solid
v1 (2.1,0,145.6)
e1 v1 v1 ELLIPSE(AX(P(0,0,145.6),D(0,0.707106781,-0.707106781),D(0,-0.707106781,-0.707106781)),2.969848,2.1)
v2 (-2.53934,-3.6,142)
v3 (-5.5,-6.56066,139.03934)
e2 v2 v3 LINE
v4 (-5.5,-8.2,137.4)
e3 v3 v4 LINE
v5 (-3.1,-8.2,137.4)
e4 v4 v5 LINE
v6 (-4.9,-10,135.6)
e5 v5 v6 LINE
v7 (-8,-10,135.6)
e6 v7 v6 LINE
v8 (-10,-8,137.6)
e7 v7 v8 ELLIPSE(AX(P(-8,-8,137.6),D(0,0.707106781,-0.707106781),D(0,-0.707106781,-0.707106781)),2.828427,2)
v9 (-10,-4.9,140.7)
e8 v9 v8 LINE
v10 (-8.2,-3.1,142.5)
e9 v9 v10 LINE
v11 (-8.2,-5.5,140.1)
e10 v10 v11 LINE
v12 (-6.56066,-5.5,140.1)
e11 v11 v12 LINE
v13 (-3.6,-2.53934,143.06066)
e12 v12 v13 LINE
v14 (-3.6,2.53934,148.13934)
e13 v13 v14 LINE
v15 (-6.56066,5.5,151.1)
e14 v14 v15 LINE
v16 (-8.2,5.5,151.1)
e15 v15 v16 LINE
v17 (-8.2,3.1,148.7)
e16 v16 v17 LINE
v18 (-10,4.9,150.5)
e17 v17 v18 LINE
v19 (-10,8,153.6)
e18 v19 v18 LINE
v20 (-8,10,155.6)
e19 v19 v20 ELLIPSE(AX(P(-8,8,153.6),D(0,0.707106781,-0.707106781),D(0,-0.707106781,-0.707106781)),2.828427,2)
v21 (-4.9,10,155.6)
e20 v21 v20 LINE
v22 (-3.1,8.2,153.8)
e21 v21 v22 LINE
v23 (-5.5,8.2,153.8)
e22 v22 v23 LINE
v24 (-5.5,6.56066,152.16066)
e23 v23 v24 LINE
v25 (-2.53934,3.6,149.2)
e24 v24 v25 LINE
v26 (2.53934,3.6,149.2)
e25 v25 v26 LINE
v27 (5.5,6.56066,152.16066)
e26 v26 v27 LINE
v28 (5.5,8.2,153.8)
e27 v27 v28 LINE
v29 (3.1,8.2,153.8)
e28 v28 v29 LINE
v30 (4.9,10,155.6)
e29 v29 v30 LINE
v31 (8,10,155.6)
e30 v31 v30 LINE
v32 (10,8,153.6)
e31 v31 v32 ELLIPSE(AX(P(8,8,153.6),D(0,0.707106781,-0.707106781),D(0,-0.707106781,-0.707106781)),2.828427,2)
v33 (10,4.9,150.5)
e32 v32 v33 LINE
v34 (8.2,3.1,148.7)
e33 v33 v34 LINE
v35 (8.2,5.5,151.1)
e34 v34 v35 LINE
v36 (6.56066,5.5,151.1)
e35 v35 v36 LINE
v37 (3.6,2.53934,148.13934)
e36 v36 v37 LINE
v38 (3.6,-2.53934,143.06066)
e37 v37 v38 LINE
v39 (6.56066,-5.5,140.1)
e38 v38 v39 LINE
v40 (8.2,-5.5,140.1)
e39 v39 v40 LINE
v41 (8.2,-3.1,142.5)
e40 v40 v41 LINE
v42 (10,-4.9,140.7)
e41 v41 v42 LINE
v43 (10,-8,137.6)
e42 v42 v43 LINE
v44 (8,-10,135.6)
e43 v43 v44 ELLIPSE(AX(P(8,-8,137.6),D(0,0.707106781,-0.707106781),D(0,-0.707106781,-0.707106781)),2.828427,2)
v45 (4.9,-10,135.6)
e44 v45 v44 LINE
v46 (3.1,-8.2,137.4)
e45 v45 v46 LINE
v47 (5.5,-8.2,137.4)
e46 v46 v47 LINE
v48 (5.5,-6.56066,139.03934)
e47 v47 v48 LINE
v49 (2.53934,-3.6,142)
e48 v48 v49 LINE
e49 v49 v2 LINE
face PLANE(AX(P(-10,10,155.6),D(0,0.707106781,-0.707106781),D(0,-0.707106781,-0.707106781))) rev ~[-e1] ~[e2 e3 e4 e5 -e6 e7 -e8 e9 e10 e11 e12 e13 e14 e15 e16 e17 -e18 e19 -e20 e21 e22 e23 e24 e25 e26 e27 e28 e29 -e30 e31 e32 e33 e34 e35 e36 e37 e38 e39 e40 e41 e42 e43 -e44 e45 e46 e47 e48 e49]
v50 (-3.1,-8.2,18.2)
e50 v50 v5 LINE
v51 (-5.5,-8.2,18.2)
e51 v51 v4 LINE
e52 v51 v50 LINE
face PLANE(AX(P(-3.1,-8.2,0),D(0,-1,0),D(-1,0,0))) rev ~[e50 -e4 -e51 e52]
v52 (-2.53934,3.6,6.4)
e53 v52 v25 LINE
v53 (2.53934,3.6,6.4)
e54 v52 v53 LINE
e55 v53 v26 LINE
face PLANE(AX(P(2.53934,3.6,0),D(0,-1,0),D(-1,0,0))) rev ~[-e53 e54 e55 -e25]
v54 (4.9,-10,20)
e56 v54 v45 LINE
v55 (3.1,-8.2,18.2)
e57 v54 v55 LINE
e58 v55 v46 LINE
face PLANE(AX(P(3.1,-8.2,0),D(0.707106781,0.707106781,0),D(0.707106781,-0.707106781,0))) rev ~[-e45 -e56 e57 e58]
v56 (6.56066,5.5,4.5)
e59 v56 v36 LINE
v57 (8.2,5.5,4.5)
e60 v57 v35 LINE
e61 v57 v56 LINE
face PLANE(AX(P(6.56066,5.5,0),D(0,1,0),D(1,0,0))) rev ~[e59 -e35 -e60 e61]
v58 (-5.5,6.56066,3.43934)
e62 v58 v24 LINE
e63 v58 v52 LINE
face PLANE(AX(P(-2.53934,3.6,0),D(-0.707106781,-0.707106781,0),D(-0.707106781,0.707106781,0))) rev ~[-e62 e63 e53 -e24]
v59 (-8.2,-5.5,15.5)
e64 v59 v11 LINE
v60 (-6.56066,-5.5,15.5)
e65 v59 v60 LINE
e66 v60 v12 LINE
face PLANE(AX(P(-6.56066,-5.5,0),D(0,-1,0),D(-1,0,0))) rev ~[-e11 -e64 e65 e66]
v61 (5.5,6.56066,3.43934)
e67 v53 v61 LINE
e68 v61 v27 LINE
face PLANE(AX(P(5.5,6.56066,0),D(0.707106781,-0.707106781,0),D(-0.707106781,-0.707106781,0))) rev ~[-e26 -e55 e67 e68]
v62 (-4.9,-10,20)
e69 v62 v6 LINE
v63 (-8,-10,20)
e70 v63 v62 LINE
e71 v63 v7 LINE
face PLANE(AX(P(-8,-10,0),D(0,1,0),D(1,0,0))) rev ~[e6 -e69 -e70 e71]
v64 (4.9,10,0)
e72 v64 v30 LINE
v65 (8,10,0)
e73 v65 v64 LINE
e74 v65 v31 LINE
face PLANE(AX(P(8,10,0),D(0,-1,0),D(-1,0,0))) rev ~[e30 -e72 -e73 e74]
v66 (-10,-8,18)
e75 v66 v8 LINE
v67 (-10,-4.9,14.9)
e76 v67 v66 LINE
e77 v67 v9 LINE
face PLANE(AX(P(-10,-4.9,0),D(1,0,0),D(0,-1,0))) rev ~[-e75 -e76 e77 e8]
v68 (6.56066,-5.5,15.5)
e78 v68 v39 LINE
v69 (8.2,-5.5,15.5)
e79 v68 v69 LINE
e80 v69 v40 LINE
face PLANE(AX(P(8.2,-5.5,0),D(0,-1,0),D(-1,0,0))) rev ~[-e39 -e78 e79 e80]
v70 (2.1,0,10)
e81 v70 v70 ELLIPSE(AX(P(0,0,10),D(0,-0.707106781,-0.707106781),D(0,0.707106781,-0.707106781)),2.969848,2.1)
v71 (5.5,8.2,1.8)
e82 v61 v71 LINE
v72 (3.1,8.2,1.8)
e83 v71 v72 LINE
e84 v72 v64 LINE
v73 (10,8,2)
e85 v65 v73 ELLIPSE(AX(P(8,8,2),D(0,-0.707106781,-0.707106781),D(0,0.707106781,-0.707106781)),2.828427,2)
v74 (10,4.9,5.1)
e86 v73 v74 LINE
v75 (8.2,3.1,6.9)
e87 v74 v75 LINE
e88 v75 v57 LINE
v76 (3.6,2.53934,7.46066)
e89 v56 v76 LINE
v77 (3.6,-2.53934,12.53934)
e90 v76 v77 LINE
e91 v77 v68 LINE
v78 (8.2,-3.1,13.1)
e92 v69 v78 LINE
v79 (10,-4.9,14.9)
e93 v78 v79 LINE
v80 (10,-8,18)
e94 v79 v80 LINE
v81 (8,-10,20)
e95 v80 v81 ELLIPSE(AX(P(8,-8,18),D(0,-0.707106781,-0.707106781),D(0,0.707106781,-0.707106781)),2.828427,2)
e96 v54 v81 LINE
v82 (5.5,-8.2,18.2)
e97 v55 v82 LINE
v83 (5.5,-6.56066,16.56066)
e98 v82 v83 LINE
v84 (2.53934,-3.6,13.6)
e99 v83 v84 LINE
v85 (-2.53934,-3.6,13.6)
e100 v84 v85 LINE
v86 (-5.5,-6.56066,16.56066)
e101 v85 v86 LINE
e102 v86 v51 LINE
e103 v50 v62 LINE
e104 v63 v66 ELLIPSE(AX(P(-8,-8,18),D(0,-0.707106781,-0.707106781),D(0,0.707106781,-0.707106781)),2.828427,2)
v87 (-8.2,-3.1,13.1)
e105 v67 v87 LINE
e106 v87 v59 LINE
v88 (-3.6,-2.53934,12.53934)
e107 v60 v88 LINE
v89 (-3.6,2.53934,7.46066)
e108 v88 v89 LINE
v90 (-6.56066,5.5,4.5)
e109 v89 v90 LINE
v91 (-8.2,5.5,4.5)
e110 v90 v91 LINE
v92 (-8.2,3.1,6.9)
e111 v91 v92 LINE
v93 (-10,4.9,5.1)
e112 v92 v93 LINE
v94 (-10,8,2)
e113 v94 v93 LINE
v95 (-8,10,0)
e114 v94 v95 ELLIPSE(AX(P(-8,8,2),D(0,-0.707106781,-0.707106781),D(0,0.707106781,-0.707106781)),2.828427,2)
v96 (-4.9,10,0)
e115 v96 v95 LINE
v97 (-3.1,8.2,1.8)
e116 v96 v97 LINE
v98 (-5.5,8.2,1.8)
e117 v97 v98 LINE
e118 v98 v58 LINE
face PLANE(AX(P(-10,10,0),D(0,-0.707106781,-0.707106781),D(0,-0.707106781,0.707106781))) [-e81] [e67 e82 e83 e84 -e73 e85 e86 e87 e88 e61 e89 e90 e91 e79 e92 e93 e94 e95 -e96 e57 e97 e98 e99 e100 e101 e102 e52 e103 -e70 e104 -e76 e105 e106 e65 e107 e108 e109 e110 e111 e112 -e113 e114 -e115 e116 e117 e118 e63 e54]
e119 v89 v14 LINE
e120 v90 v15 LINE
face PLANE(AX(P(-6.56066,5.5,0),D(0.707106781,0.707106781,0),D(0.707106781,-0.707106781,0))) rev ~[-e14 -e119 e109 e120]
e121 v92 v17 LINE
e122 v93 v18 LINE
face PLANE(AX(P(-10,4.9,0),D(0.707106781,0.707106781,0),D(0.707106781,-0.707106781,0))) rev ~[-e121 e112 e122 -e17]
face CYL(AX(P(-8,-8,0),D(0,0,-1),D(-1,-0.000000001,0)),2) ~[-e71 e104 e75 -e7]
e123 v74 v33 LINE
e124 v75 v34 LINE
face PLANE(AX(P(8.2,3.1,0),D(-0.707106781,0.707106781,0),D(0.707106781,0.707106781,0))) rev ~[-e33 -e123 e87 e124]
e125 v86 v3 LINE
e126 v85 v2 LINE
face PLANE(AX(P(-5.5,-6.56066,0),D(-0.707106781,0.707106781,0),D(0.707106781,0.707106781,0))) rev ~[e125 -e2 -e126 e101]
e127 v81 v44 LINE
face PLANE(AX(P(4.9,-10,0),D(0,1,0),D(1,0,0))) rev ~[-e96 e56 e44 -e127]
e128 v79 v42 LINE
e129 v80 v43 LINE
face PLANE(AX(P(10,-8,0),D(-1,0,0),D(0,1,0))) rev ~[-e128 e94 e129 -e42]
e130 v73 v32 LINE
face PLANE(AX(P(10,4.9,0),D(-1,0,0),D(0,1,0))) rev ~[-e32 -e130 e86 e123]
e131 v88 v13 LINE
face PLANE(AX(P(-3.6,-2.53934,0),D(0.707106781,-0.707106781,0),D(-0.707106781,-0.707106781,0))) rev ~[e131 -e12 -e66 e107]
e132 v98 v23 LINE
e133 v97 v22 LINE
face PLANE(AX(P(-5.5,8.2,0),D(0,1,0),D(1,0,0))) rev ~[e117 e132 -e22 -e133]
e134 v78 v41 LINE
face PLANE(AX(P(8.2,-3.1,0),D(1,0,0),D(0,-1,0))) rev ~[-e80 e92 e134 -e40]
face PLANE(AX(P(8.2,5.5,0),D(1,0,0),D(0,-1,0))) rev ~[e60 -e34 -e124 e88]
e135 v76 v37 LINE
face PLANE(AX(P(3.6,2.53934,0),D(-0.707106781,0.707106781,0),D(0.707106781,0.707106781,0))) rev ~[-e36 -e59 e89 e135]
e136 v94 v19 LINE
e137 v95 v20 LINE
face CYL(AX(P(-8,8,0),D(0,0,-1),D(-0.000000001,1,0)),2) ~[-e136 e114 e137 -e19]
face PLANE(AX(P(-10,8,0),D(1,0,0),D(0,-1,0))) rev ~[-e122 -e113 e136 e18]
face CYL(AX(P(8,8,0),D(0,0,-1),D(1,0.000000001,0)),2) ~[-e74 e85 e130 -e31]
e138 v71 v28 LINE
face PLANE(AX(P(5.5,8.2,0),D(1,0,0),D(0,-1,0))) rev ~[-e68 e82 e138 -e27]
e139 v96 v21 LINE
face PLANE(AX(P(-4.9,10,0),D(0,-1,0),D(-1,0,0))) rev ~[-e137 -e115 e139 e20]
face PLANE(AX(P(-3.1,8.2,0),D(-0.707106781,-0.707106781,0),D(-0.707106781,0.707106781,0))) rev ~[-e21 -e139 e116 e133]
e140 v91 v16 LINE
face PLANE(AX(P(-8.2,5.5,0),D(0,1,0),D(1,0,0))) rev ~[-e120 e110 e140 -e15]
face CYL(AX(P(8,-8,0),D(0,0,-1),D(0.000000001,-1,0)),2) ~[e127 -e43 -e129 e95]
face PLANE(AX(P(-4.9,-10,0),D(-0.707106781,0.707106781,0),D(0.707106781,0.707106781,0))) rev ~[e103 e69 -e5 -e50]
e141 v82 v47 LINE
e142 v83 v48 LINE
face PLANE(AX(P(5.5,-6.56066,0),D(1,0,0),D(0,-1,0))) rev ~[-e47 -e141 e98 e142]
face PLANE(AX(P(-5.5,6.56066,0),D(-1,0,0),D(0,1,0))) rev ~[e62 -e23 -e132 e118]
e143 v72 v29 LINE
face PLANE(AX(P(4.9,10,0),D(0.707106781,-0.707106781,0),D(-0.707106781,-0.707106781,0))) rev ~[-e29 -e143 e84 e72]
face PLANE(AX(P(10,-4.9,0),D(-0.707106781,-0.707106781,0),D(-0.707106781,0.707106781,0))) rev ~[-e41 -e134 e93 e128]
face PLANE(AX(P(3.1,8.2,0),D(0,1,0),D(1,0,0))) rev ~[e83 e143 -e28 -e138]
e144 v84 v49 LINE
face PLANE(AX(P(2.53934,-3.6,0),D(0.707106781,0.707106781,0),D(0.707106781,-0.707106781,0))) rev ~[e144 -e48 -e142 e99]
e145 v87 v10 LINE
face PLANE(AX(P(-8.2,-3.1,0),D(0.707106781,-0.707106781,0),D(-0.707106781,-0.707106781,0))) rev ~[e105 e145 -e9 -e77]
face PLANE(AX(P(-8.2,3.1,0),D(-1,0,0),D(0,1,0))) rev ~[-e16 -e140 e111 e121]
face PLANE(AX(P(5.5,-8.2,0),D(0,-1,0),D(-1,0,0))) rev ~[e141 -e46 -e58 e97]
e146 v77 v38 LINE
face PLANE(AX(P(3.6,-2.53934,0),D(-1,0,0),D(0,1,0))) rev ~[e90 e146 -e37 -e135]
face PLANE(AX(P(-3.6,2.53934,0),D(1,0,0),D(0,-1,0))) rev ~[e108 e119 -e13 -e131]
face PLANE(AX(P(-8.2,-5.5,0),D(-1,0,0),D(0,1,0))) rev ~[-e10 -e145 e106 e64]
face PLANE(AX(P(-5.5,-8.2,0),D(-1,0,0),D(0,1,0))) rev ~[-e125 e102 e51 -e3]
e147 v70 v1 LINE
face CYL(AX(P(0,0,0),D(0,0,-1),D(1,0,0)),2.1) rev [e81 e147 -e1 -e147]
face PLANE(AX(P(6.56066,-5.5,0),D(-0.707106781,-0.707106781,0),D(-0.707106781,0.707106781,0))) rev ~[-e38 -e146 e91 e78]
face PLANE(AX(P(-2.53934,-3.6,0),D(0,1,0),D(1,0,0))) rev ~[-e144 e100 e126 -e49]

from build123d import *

# Parameters (mm, degrees)
SKETCH1_R           = 2.1
BOSS_EXTRUDE1_DEPTH = 155.6
CUT_EXTRUDE1_DEPTH  = 66


with BuildPart() as part:
    # Sketch1 → Boss-Extrude1 (new body)
    with BuildSketch(Plane.XY):
        with BuildLine():
            Line((-4.9, -10), (-3.1, -8.2))
            Line((-3.1, -8.2), (-5.5, -8.2))
            Line((-5.5, -8.2), (-5.5, -6.560660172))
            Line((-5.5, -6.560660172), (-2.539339828, -3.6))
            Line((-2.539339828, -3.6), (2.539339828, -3.6))
            Line((2.539339828, -3.6), (5.5, -6.560660172))
            Line((5.5, -6.560660172), (5.5, -8.2))
            Line((5.5, -8.2), (3.1, -8.2))
            Line((3.1, -8.2), (4.9, -10))
            Line((4.9, -10), (8, -10))
            ThreePointArc((8, -10), (9.414213562, -9.414213562), (10, -8))
            Line((10, -8), (10, -4.9))
            Line((10, -4.9), (8.2, -3.1))
            Line((8.2, -3.1), (8.2, -5.5))
            Line((8.2, -5.5), (6.560660172, -5.5))
            Line((6.560660172, -5.5), (3.6, -2.539339828))
            Line((3.6, -2.539339828), (3.6, 2.539339828))
            Line((3.6, 2.539339828), (6.560660172, 5.5))
            Line((6.560660172, 5.5), (8.2, 5.5))
            Line((8.2, 5.5), (8.2, 3.1))
            Line((8.2, 3.1), (10, 4.9))
            Line((10, 4.9), (10, 8))
            ThreePointArc((10, 8), (9.414213562, 9.414213562), (8, 10))
            Line((8, 10), (4.9, 10))
            Line((4.9, 10), (3.1, 8.2))
            Line((3.1, 8.2), (5.5, 8.2))
            Line((5.5, 8.2), (5.5, 6.560660172))
            Line((5.5, 6.560660172), (2.539339828, 3.6))
            Line((2.539339828, 3.6), (-2.539339828, 3.6))
            Line((-2.539339828, 3.6), (-5.5, 6.560660172))
            Line((-5.5, 6.560660172), (-5.5, 8.2))
            Line((-5.5, 8.2), (-3.1, 8.2))
            Line((-3.1, 8.2), (-4.9, 10))
            Line((-4.9, 10), (-8, 10))
            ThreePointArc((-8, 10), (-9.414213562, 9.414213562), (-10, 8))
            Line((-10, 8), (-10, 4.9))
            Line((-10, 4.9), (-8.2, 3.1))
            Line((-8.2, 3.1), (-8.2, 5.5))
            Line((-8.2, 5.5), (-6.560660172, 5.5))
            Line((-6.560660172, 5.5), (-3.6, 2.539339828))
            Line((-3.6, 2.539339828), (-3.6, -2.539339828))
            Line((-3.6, -2.539339828), (-6.560660172, -5.5))
            Line((-6.560660172, -5.5), (-8.2, -5.5))
            Line((-8.2, -5.5), (-8.2, -3.1))
            Line((-8.2, -3.1), (-10, -4.9))
            Line((-10, -4.9), (-10, -8))
            ThreePointArc((-10, -8), (-9.414213562, -9.414213562), (-8, -10))
            Line((-8, -10), (-4.9, -10))
        make_face()
        Circle(SKETCH1_R, mode=Mode.SUBTRACT)
    extrude(amount=BOSS_EXTRUDE1_DEPTH)

    # Sketch2 → Cut-Extrude1 (cut)
    with BuildSketch(Plane.ZY.offset(10)):
        Polygon((155.6, 10), (135.6, -10), (155.6, -10), align=None)
        Polygon((0, 10), (20, -10), (0, -10), align=None)
    extrude(amount=-CUT_EXTRUDE1_DEPTH, mode=Mode.SUBTRACT)


solid = part.part
